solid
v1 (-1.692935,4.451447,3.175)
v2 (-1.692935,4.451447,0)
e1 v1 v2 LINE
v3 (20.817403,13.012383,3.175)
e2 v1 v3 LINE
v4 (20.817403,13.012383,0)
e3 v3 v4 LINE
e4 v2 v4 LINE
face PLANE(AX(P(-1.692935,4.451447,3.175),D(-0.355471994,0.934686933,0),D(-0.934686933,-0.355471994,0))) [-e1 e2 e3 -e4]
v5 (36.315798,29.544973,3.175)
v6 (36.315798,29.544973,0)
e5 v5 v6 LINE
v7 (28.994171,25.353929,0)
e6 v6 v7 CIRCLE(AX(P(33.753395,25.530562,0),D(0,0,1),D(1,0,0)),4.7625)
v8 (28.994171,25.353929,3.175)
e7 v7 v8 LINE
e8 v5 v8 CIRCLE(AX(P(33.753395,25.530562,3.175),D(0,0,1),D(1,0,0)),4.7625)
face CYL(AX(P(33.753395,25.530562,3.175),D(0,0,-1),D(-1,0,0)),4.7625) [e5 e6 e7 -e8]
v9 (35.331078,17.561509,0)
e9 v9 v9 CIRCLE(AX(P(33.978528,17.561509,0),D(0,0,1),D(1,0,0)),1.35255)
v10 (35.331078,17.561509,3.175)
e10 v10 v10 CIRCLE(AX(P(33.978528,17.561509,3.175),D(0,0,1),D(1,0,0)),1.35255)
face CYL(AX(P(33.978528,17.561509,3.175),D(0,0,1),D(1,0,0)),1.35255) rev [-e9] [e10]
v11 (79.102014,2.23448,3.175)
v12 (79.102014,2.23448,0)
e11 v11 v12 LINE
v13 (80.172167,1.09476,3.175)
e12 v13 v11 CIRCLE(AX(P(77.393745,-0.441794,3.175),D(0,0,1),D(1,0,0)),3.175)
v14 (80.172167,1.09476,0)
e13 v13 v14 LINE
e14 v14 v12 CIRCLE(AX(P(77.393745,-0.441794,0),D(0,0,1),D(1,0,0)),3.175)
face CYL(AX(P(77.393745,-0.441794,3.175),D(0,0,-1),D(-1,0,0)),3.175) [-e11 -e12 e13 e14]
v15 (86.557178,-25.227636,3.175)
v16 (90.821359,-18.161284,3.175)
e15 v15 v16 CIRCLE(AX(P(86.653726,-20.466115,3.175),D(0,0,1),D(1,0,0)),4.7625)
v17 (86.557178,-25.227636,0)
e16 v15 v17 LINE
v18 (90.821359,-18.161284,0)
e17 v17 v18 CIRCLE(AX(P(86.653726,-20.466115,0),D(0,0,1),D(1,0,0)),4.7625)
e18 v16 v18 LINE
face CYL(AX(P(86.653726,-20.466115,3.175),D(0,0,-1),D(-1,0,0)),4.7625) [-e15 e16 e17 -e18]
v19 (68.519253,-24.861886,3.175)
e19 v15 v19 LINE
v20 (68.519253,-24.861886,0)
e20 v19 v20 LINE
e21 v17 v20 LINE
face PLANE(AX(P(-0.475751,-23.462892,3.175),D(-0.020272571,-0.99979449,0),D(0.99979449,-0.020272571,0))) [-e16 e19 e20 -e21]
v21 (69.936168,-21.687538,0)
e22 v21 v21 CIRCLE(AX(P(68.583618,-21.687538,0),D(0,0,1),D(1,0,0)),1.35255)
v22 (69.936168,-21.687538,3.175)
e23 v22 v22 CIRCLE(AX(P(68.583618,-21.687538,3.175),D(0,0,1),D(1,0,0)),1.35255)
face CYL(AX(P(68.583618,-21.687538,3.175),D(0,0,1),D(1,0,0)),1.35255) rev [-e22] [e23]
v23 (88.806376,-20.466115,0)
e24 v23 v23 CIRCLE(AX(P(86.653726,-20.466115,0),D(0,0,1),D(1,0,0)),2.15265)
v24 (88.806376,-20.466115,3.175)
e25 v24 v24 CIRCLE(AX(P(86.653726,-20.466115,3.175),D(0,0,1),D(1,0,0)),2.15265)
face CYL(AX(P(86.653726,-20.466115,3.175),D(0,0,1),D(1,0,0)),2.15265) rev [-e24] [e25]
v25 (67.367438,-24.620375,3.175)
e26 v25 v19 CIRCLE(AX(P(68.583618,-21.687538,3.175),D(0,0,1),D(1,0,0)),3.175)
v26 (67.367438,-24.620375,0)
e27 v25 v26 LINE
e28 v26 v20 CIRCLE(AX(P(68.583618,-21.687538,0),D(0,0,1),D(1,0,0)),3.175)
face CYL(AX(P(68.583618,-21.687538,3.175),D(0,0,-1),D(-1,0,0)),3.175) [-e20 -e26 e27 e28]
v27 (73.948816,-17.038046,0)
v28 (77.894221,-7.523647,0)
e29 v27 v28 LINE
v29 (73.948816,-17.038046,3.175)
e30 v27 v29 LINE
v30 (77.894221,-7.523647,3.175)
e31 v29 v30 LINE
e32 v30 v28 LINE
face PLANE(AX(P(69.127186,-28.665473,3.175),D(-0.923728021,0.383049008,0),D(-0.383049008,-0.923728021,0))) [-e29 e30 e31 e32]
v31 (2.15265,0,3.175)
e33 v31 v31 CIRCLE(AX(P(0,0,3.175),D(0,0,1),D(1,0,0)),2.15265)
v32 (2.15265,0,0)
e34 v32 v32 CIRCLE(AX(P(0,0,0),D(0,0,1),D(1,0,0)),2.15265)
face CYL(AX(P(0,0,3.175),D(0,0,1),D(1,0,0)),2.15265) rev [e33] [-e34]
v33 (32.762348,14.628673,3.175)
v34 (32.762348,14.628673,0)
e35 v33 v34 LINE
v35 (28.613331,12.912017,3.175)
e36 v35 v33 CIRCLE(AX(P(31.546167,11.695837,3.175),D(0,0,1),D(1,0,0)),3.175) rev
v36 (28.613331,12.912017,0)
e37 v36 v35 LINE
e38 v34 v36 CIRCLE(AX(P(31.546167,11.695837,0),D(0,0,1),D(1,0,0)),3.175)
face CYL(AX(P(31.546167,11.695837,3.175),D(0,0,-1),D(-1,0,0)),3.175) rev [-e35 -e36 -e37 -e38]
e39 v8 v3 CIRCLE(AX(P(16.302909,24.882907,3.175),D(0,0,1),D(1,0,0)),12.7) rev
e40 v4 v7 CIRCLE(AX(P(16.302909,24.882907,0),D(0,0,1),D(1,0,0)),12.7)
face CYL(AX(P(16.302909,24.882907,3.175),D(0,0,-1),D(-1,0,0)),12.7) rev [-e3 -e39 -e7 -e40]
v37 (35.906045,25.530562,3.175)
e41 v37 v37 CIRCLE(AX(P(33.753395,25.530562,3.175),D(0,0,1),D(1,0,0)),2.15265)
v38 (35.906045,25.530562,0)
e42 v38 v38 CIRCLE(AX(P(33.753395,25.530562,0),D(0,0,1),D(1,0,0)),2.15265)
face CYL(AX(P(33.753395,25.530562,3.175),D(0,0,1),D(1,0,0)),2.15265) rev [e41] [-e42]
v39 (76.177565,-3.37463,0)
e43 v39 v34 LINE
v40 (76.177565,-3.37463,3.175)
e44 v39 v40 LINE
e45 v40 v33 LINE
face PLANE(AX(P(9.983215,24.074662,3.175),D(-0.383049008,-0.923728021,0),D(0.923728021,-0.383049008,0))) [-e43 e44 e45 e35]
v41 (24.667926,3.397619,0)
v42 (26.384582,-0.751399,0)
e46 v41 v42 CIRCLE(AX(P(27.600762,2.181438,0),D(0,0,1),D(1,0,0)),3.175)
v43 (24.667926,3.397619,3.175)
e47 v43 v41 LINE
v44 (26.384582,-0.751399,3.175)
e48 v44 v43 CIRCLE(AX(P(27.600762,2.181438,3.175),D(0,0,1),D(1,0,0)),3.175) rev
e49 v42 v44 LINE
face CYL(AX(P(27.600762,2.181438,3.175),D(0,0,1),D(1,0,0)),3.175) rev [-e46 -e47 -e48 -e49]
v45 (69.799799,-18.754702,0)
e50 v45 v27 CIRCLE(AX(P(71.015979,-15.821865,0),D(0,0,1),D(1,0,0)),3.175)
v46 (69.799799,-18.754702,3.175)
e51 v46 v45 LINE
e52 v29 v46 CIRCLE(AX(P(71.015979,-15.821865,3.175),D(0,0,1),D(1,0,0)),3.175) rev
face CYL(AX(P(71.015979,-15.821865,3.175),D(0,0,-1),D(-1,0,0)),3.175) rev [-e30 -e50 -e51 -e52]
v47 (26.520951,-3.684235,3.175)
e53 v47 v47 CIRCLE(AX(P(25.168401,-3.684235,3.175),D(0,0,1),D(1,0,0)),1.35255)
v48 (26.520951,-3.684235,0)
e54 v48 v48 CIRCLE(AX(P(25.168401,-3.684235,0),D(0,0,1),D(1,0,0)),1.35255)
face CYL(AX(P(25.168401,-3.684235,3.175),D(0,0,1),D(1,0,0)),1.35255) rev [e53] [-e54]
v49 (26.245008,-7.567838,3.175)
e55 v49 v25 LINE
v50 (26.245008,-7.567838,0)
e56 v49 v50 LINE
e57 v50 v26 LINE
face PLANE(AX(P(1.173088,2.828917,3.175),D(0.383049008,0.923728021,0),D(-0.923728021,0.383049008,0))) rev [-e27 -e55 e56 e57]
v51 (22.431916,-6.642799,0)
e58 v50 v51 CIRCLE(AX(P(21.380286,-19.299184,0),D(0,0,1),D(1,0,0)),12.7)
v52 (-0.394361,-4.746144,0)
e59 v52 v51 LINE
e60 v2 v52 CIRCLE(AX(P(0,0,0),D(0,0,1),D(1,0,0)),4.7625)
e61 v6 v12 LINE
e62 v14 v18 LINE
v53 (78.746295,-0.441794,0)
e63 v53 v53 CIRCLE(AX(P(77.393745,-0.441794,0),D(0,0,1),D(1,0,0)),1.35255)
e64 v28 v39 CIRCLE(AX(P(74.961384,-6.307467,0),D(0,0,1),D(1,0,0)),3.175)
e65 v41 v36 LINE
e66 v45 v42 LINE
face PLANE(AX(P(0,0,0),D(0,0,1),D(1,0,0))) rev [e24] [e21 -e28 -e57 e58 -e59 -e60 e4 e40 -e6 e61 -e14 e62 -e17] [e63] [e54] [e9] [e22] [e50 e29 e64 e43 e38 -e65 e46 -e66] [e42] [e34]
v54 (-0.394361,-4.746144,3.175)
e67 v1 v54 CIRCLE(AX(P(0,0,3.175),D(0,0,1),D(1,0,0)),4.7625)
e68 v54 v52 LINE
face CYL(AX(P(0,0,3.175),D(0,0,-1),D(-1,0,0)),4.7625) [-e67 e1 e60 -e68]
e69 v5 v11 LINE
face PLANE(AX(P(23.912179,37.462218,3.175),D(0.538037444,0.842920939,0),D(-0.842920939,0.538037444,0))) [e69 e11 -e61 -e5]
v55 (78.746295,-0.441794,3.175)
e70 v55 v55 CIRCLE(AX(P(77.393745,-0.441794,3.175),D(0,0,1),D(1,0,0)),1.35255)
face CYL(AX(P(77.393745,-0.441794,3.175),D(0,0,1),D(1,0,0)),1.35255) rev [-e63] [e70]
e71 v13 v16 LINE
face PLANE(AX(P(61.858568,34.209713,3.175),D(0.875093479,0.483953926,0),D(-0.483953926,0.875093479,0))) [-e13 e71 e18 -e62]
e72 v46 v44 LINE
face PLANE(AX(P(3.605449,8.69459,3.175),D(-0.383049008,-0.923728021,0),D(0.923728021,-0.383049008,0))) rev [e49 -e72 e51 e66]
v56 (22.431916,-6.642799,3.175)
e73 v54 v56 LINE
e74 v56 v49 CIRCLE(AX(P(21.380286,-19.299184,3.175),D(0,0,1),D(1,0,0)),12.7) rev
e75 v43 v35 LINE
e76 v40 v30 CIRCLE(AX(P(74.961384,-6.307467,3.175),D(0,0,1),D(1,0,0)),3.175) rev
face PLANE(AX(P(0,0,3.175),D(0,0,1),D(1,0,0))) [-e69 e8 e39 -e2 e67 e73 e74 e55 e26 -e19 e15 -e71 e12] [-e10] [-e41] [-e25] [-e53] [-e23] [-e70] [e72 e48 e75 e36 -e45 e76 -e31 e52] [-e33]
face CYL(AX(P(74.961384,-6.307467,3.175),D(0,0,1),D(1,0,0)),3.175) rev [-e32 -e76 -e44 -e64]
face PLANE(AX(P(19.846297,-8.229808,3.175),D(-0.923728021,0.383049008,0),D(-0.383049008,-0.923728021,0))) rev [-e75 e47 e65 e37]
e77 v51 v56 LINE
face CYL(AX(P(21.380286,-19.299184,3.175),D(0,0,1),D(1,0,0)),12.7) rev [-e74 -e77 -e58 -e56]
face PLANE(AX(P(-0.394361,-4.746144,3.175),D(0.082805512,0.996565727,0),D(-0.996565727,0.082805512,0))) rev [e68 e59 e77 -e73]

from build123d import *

# Parameters (mm, degrees)
BOSS_EXTRUDE1_DEPTH   = 3.175
FILLET1_R             = 3.175
F_6_CLEARANCE_HOLE1_D = 4.3053
F_2_CLEARANCE_HOLE1_D = 2.7051
FILLET2_R             = 12.7


with BuildPart() as part:
    # Sketch1 → Boss-Extrude1 (new body)
    with BuildSketch(Plane.XY):
        with BuildLine():
            Line((-0.394361249, -4.746144273), (24.410778081, -6.807224837))
            Line((24.410778081, -6.807224837), (67.367437597, -24.620374852))
            ThreePointArc((67.367437597, -24.620374852), (67.932057441, -24.79496394), (68.519252784, -24.861885891))
            Line((68.519252784, -24.861885891), (86.557178011, -25.22763618))
            ThreePointArc((86.557178011, -25.22763618), (90.731319104, -22.926733092), (90.821358826, -18.161284348))
            Line((90.821358826, -18.161284348), (80.17216718, 1.094759821))
            ThreePointArc((80.17216718, 1.094759821), (79.70833798, 1.731518351), (79.102014267, 2.234480087))
            Line((79.102014267, 2.234480087), (36.315798025, 29.544973103))
            ThreePointArc((36.315798025, 29.544973103), (31.002904726, 29.418519327), (29.114914109, 24.450791758))
            Line((29.114914109, 24.450791758), (30.886207986, 16.841662569))
            Line((30.886207986, 16.841662569), (-1.692935369, 4.451446516))
            ThreePointArc((-1.692935369, 4.451446516), (-4.715731213, -0.6657968), (-0.394361249, -4.746144273))
        make_face()
        Polygon((72.732635266, -19.970882517), (23.451745327, 0.464782063), (29.829511311, 15.844853618), (79.11040125, -4.590810962), align=None, mode=Mode.SUBTRACT)
    extrude(amount=BOSS_EXTRUDE1_DEPTH)

    # Fillet1
    fillet1_edges = [part.edges().sort_by_distance(p)[0] for p in [
        (72.732635266, -19.970882517, 1.5875),
        (79.11040125, -4.590810962, 1.5875),
        (29.829511311, 15.844853618, 1.5875),
        (23.451745327, 0.464782063, 1.5875),
    ]]
    fillet(fillet1_edges, radius=FILLET1_R)

    # #6 Clearance Hole1 (through all)
    with Locations(Plane.XY.offset(3.175)):
        with Locations((0, 0), (33.7533947, 25.530562131), (86.653726131, -20.46611492)):
            Hole(F_6_CLEARANCE_HOLE1_D / 2)

    # #2 Clearance Hole1 (through all)
    with Locations(Plane.XY.offset(3.175)):
        with Locations((33.97852838, 17.561509485), (77.393745383, -0.441793894), (68.583618198, -21.687538385), (25.168401194, -3.684235006)):
            Hole(F_2_CLEARANCE_HOLE1_D / 2)

    # Fillet2
    fillet2_edges = [part.edges().sort_by_distance(p)[0] for p in [
        (24.410778081, -6.807224837, 1.5875),
        (30.886207986, 16.841662569, 1.5875),
    ]]
    fillet(fillet2_edges, radius=FILLET2_R)


solid = part.part
